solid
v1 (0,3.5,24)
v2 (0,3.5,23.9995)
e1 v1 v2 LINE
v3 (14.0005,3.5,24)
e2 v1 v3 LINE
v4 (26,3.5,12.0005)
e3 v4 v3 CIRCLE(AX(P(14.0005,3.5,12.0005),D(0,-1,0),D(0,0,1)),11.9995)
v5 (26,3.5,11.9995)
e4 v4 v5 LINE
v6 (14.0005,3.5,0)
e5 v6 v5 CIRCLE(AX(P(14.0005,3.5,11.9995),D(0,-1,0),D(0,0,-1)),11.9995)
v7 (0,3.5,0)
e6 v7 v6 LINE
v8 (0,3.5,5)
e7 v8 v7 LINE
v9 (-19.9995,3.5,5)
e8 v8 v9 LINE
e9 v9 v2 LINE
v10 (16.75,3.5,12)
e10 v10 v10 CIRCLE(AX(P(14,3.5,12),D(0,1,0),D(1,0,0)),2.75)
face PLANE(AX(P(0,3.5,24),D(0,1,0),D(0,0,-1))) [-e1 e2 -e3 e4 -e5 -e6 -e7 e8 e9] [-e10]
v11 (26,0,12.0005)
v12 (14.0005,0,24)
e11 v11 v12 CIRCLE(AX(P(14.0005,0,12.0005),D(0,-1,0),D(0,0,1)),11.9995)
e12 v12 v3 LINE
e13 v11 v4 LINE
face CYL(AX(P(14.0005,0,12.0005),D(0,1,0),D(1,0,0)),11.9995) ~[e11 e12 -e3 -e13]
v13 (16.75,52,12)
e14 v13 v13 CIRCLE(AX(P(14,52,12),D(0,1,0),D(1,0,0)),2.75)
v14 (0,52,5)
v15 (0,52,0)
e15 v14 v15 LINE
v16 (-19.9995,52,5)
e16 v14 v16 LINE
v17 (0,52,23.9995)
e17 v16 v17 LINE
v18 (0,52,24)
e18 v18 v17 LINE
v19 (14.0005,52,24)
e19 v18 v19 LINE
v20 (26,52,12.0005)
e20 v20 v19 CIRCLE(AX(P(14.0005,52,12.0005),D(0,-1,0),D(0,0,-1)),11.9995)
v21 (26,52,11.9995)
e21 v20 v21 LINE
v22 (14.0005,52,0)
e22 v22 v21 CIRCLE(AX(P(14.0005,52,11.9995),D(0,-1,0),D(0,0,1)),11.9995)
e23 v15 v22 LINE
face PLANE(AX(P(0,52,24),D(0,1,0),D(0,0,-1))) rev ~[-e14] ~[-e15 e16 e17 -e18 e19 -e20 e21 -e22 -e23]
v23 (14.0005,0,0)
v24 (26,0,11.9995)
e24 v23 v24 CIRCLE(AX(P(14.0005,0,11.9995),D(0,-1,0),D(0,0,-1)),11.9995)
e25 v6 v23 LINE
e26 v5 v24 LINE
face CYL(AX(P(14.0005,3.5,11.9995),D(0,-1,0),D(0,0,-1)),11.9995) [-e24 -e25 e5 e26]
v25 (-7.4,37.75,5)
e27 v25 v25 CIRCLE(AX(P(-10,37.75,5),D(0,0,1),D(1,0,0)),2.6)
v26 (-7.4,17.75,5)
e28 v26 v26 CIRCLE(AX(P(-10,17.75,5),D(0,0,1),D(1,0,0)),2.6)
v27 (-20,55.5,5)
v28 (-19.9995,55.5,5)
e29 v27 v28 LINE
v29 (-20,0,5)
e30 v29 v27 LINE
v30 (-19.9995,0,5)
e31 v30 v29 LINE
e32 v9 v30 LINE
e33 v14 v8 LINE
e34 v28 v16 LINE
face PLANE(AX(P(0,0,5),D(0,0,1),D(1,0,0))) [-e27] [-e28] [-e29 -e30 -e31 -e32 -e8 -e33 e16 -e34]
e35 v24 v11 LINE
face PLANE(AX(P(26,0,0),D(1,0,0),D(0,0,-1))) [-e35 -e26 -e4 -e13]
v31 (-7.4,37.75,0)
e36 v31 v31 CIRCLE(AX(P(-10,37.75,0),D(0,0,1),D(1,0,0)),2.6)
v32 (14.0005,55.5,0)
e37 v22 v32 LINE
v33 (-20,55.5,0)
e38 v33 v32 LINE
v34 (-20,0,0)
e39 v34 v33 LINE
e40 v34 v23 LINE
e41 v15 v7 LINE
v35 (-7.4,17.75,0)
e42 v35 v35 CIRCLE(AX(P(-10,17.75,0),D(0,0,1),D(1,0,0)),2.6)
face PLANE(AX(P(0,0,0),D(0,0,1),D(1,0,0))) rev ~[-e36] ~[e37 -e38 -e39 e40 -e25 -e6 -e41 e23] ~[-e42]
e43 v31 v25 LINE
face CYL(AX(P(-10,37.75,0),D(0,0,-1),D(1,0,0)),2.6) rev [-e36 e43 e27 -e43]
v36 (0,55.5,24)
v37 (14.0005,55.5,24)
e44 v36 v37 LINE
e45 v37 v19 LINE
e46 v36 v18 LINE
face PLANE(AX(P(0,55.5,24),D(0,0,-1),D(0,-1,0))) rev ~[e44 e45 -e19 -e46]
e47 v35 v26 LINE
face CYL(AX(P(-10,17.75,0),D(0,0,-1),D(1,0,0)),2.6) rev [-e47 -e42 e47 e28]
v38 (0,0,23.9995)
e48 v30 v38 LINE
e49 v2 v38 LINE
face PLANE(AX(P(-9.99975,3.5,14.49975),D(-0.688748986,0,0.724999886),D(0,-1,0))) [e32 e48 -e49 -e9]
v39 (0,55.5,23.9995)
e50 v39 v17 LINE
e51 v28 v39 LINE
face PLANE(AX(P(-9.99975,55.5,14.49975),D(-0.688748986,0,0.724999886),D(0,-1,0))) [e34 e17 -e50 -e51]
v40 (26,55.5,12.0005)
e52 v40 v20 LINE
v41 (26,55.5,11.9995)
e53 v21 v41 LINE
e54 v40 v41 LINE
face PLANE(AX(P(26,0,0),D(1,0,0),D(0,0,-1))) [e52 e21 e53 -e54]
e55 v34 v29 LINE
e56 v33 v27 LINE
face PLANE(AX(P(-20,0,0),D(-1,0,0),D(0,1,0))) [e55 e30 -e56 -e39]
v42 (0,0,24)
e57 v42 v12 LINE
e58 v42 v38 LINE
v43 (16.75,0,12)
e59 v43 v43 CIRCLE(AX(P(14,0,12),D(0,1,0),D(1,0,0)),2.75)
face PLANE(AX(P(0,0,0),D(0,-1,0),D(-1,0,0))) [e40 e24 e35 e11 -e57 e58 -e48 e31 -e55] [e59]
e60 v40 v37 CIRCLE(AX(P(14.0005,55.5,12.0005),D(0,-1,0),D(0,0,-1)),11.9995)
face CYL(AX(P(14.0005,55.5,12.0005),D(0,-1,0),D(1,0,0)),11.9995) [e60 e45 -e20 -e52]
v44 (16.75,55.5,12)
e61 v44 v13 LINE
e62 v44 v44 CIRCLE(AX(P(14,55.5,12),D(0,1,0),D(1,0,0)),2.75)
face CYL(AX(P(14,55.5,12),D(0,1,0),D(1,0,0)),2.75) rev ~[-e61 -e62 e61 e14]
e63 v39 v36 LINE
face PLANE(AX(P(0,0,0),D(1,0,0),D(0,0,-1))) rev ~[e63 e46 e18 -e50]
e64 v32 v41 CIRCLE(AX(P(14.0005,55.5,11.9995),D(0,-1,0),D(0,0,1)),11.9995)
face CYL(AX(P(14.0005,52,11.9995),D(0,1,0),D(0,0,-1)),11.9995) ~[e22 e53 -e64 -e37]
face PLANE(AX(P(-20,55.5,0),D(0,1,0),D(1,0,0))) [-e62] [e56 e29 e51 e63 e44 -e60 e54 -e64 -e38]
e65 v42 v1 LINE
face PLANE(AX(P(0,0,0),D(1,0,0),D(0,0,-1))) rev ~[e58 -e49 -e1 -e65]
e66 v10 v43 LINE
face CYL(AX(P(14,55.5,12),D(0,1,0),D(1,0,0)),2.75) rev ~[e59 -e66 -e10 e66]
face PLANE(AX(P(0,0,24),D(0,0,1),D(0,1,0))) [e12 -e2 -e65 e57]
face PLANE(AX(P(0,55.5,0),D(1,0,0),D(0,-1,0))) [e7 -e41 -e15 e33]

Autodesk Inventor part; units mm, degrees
ref_plane "YZ Plane" through (0, 0, 0) normal (1, 0, 0) x (0, 1, 0)
ref_plane "XZ Plane" through (0, 0, 0) normal (0, 1, 0) x (-1, 0, 0)
ref_plane "XY Plane" through (0, 0, 0) normal (0, 0, 1) x (1, 0, 0)
sketch "Sketch1" plane through (0, 0, 0) normal (0, 0, 1) x (1, 0, 0)
  line L0 (0, 0) -> (-20, 0)
  line L1 (-20, 0) -> (-20, 55.5)
  line L2 (-20, 55.5) -> (0, 55.5)
  line L3 (0, 55.5) -> (0, 0)
  line L4 (-10, 0) -> (-10, 55.5) construction
  circle A0 centre (-10, 37.75) radius 2.6
  circle A1 centre (-10, 17.75) radius 2.6
  dimension "d0" = 20
  dimension "d1" = 55.5
  dimension "d2" = 5.2
  dimension "d3" = 5.2
  dimension "d4" = 17.75
  dimension "d5" = 17.75
extrude "Extrusion1" add sketch "Sketch1" along normal blind 5
sketch "Sketch2" plane through (0, 0, 0) normal (1, 0, 0) x (0, 0, -1)
  line L0 (0, 55.5) -> (-5, 55.5) projected
  line L1 (0, 55.5) -> (-24, 55.5)
  line L2 (-24, 55.5) -> (-24, 52)
  line L3 (-24, 52) -> (0, 52)
  line L4 (0, 52) -> (0, 55.5)
  line L5 (0, 0) -> (-5, 0) projected
  line L6 (0, 0) -> (-24, 0)
  line L7 (-24, 0) -> (-24, 3.5)
  line L8 (-24, 3.5) -> (0, 3.5)
  line L9 (0, 3.5) -> (0, 0)
  dimension "d8" = 24
  dimension "d9" = 3.5
  dimension "d10" = 24
  dimension "d11" = 3.5
extrude "Extrusion2" add sketch "Sketch2" along normal blind 26
fillet "Fillet1" radius 12 4 edges at (26, 53.75, 0) (26, 53.75, 24) (26, 1.75, 0) (26, 1.75, 24)
sketch "Sketch3" plane through (-20, 55.5, 5) normal (0, 1, 0) x (1, 0, 0)
  arc A0 (34, -19) -> (34, 5) centre (34, -7) ccw projected
  circle A1 centre (34, -7) radius 2.75
  point P0 (20, 5)
  dimension "d15" = 5.5
extrude "Extrusion3" cut sketch "Sketch3" against normal through all
chamfer "Chamfer1" distance 20 distance2 19 1 edges at (0, 53.75, 5) measured on face at (-17.5081, 30.8759, 5)
chamfer "Chamfer2" distance 20 distance2 19 1 edges at (0, 1.75, 5) measured on face at (-17.508, 23.4574, 5)
equation "\"d3\" = d2"
equation "\"d5\" = d4"
properties part number "Y Axis Drag Chain Mount Stationary"
